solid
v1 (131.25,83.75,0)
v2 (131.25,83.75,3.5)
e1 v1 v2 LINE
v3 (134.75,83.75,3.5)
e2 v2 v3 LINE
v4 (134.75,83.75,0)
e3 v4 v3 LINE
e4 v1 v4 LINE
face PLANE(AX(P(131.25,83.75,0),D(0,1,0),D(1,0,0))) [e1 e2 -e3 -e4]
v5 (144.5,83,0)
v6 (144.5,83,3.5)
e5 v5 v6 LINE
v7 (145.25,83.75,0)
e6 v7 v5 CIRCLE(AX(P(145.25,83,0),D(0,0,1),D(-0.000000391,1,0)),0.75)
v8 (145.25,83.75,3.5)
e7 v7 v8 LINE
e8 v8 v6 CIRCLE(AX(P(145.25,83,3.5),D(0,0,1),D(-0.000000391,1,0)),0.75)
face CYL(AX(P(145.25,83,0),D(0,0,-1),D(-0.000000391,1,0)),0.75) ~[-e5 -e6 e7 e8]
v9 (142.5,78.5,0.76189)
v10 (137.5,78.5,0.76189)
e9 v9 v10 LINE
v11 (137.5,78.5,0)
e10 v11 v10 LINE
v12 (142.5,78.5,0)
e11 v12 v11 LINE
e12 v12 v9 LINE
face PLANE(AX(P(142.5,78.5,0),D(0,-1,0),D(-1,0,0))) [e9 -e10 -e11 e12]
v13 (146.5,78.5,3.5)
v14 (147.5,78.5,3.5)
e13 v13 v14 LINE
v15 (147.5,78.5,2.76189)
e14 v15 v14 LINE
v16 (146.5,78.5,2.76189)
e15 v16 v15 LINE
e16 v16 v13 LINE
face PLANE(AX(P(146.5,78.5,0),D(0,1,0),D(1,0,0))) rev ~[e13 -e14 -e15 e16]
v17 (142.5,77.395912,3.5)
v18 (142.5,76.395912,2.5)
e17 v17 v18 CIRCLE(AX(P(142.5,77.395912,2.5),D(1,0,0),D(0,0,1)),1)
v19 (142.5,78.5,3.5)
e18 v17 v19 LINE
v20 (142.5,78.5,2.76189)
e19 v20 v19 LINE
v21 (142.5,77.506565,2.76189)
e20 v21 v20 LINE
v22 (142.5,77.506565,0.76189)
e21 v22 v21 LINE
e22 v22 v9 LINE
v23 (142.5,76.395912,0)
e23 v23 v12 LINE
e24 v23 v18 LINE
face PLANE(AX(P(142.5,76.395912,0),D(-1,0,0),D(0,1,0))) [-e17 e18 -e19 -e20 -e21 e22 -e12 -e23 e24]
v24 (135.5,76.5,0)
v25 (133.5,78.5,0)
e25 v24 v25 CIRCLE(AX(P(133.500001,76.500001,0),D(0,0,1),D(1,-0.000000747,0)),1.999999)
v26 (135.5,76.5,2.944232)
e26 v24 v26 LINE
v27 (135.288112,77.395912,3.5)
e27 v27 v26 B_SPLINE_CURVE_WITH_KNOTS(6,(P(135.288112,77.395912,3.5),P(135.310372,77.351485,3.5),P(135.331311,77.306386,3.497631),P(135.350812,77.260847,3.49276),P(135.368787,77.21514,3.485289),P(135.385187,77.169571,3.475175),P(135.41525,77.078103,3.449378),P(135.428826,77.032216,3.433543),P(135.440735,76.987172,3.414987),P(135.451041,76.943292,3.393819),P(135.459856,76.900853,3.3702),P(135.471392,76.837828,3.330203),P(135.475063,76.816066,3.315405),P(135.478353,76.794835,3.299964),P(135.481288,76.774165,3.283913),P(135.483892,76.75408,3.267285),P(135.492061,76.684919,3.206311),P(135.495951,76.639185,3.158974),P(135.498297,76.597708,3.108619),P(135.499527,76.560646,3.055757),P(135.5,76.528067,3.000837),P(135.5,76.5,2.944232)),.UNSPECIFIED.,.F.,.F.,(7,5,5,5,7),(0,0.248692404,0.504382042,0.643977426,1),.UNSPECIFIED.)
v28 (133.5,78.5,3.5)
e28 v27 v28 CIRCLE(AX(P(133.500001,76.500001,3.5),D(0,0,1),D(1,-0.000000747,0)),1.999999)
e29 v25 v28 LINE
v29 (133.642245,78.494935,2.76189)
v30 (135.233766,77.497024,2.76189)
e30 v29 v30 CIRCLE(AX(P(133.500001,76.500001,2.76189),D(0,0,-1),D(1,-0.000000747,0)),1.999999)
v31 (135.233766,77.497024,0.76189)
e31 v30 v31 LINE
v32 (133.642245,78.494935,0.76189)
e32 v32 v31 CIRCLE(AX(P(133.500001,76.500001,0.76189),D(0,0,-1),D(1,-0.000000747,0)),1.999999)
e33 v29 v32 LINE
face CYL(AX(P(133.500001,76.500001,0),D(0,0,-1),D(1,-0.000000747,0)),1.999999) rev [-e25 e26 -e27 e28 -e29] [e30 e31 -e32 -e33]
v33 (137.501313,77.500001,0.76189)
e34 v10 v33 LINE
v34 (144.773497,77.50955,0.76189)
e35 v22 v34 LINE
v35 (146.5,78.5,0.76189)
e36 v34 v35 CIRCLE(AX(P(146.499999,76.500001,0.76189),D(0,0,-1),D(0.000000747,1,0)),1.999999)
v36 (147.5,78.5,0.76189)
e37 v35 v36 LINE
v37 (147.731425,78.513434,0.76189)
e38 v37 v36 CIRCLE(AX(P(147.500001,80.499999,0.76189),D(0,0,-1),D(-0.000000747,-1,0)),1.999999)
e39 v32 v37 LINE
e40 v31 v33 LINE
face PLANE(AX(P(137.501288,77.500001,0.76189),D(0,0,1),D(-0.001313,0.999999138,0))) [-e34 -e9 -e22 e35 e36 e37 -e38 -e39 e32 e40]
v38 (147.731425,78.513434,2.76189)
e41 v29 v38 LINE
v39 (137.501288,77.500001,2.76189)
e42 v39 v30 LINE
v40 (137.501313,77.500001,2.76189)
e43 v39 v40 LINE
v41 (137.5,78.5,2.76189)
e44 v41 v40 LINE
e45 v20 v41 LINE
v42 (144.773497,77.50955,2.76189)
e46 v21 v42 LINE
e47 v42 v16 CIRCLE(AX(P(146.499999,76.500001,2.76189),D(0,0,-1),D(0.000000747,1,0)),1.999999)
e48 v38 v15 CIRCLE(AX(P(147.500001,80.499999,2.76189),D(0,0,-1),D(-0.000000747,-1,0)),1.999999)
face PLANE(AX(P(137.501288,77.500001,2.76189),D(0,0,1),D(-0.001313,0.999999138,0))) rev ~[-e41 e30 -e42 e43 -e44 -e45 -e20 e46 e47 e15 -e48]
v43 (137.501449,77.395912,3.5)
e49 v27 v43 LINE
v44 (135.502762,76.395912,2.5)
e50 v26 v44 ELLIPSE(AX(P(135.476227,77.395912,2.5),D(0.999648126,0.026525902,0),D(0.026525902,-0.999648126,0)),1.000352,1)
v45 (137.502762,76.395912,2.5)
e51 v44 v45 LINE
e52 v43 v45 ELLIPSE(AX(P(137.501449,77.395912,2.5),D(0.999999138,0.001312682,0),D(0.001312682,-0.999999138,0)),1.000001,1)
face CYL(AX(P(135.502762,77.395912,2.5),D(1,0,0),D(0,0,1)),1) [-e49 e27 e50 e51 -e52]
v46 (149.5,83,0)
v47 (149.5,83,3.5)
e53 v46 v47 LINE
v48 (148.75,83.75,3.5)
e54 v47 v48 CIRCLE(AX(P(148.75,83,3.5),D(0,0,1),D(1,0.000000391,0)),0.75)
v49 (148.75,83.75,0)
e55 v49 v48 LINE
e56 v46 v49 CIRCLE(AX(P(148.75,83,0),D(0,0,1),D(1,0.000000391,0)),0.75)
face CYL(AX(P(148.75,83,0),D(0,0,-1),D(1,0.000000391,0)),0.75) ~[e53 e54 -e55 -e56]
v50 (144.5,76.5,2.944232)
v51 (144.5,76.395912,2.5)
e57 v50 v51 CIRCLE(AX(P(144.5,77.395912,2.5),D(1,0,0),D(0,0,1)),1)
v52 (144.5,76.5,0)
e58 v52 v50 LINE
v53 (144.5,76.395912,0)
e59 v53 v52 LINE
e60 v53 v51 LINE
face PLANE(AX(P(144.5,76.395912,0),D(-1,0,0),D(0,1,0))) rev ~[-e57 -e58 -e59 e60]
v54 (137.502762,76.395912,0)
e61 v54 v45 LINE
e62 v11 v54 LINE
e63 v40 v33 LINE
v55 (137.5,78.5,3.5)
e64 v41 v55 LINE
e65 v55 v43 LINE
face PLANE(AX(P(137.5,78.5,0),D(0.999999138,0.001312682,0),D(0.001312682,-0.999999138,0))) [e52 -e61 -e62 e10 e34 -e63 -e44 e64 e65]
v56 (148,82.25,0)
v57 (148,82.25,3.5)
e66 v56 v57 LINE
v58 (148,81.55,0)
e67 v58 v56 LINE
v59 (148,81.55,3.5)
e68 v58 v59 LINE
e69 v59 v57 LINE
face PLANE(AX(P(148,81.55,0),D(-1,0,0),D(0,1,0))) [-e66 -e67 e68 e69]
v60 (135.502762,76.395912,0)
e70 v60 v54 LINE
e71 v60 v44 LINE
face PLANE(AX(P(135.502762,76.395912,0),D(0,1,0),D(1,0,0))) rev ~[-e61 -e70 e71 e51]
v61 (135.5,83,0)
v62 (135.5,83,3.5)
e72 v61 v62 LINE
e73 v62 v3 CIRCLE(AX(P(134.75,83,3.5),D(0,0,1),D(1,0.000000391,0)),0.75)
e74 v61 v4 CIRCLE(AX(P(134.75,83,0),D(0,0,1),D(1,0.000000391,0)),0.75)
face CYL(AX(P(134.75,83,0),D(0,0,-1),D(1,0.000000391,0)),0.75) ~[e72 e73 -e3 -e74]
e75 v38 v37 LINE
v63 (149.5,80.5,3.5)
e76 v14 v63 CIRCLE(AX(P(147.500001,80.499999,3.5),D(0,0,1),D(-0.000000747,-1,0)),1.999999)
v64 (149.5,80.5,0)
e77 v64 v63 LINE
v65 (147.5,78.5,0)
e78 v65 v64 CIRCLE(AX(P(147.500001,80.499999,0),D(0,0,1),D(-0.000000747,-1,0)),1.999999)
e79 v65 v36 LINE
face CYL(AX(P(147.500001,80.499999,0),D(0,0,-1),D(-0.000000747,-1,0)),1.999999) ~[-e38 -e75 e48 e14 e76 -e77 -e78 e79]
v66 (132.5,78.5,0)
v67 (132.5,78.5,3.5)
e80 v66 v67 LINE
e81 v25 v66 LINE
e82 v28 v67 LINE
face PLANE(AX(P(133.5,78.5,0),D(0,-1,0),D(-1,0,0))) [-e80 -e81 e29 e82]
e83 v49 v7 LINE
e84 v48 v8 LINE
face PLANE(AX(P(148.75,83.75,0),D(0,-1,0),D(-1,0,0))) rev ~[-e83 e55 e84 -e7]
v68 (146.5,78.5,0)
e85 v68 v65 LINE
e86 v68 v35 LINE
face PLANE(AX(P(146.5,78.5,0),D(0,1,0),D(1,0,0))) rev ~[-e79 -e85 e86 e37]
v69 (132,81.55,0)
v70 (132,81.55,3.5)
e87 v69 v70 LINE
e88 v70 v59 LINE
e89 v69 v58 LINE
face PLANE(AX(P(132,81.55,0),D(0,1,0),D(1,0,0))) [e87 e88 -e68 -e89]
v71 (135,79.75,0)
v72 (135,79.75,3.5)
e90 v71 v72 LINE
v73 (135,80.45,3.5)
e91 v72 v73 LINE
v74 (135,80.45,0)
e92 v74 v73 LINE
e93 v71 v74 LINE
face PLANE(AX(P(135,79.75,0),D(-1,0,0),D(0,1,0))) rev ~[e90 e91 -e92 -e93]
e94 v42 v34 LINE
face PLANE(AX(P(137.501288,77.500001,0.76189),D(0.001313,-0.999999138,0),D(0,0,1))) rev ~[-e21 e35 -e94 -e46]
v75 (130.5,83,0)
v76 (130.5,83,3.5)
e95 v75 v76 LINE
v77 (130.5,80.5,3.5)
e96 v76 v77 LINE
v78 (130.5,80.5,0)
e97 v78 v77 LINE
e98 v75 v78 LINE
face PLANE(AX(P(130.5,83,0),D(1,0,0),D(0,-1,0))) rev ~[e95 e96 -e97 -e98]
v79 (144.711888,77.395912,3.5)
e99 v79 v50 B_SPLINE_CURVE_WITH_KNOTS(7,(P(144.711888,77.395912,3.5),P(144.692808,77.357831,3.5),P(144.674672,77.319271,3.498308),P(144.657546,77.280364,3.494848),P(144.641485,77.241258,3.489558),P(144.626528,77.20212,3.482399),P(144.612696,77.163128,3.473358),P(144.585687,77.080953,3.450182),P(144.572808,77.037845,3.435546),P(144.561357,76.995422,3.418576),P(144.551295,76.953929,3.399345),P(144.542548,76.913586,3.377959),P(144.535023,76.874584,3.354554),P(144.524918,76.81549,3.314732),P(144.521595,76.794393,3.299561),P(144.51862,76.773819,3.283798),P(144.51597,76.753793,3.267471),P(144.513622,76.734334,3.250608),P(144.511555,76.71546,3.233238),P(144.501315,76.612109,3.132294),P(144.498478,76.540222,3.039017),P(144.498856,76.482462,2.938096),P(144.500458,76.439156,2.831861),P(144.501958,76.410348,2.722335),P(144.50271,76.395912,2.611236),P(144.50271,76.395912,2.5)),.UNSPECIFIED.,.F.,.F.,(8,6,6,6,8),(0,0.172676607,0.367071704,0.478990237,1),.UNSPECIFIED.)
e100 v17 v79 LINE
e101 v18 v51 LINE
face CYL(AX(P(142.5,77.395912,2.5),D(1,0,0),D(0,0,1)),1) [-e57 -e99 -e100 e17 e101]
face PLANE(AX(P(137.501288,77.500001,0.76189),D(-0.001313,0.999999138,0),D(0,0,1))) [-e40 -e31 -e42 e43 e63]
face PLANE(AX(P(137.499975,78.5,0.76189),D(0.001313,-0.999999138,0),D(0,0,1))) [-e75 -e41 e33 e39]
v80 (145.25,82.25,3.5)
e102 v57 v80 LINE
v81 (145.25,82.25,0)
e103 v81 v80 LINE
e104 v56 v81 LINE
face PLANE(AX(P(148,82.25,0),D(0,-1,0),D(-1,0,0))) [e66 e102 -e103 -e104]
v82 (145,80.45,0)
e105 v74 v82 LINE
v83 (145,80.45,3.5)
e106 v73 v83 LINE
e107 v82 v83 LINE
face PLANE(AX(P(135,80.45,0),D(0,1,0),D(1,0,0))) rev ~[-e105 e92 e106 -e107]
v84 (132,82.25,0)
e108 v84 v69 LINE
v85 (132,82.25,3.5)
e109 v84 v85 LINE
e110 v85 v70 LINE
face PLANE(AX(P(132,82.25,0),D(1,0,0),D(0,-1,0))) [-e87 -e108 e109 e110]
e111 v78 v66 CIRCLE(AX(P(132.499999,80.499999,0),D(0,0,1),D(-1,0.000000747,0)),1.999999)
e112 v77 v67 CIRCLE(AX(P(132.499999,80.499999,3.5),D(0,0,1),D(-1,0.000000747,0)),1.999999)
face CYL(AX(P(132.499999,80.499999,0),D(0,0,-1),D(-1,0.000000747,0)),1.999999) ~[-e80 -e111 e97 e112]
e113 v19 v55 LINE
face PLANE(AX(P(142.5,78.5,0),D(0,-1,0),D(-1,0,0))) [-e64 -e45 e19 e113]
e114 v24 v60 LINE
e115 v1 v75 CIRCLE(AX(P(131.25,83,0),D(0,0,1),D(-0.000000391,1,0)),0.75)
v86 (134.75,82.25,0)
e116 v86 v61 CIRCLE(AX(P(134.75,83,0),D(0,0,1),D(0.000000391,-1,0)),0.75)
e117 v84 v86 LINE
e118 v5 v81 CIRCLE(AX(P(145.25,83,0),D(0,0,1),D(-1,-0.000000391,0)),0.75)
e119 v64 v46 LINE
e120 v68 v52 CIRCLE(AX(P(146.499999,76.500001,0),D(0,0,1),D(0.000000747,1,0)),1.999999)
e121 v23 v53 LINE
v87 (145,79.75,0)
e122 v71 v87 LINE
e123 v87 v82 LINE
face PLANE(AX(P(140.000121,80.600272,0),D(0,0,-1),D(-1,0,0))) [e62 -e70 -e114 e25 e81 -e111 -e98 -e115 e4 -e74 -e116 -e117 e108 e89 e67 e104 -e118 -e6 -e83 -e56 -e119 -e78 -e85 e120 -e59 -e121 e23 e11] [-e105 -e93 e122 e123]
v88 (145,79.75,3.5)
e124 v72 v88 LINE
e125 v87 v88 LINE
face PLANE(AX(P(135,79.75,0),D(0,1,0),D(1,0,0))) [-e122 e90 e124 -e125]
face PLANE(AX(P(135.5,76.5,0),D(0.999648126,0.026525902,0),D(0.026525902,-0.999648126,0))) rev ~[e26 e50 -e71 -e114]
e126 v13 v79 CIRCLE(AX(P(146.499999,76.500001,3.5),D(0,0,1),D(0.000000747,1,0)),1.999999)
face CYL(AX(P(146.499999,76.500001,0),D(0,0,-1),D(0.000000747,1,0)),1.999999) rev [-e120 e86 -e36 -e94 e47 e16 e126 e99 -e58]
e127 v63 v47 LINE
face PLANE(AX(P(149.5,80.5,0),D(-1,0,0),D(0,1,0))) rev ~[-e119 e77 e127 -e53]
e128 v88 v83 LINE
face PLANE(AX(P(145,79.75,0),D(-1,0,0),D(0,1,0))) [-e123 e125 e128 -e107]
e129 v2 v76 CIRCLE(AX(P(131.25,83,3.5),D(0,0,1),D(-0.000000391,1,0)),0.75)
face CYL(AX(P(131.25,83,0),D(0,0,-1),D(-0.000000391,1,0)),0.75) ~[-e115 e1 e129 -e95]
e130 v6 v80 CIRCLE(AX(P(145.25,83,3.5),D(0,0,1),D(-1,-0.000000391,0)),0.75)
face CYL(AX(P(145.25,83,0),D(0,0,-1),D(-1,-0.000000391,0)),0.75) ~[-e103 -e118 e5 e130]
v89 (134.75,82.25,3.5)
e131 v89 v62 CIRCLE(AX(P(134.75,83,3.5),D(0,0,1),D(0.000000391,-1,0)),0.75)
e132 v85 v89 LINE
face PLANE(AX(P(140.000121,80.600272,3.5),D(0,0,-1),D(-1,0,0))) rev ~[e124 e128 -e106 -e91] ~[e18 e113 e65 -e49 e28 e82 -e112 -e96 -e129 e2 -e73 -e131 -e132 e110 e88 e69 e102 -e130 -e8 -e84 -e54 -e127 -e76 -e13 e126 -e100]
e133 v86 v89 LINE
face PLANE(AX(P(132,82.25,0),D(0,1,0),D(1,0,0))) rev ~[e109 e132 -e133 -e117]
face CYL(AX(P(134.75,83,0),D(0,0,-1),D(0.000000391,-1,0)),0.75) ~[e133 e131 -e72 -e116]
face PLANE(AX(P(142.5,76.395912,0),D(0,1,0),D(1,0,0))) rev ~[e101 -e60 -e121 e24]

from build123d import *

# Parameters (mm, degrees)
SKETCH_W          = 10
SKETCH_H          = 0.7
PAD_DEPTH         = 3.5
SKETCH001_W       = 1
SKETCH001_H       = 2
POCKET_DEPTH      = 7.003756
POCKET_DEPTH_BACK = 12.007881
FILLET_R          = 1


with BuildPart() as part:
    # Sketch → Pad (new body)
    with BuildSketch(Plane.XY):
        with BuildLine():
            Line((148, 81.55), (148, 82.25))
            Line((148, 82.25), (145.25, 82.25))
            ThreePointArc((144.5, 83), (144.71967, 82.46967), (145.25, 82.25))
            ThreePointArc((145.25, 83.75), (144.71967, 83.53033), (144.5, 83))
            Line((148.75, 83.75), (145.25, 83.75))
            ThreePointArc((149.5, 83), (149.28033, 83.53033), (148.75, 83.75))
            Line((149.5, 80.5), (149.5, 83))
            ThreePointArc((147.5, 78.5), (148.914214, 79.085786), (149.5, 80.5))
            Line((146.5, 78.5), (147.5, 78.5))
            ThreePointArc((146.5, 78.5), (145.085786, 77.914214), (144.5, 76.5))
            Line((144.5, 76.395912), (144.5, 76.5))
            Line((142.5, 76.395912), (144.5, 76.395912))
            Line((142.5, 76.395912), (142.5, 78.5))
            Line((142.5, 78.5), (137.5, 78.5))
            Line((137.5, 78.5), (137.502762, 76.395912))
            Line((135.502762, 76.395912), (137.502762, 76.395912))
            Line((135.5, 76.5), (135.502762, 76.395912))
            ThreePointArc((135.5, 76.5), (134.914214, 77.914214), (133.5, 78.5))
            Line((133.5, 78.5), (132.5, 78.5))
            ThreePointArc((130.5, 80.5), (131.085786, 79.085786), (132.5, 78.5))
            Line((130.5, 83), (130.5, 80.5))
            ThreePointArc((131.25, 83.75), (130.71967, 83.53033), (130.5, 83))
            Line((131.25, 83.75), (134.75, 83.75))
            ThreePointArc((135.5, 83), (135.28033, 83.53033), (134.75, 83.75))
            ThreePointArc((134.75, 82.25), (135.28033, 82.46967), (135.5, 83))
            Line((132, 82.25), (134.75, 82.25))
            Line((132, 82.25), (132, 81.55))
            Line((132, 81.55), (148, 81.55))
        make_face()
        with Locations((140, 80.1)):
            Rectangle(SKETCH_W, SKETCH_H, mode=Mode.SUBTRACT)
    extrude(amount=PAD_DEPTH)

    # Sketch001 (on DatumPlane) → Pocket (cut, two sides)
    with BuildSketch(Plane(origin=(137.602808, 0.180629, 0), x_dir=(-0.001313, 0.999999, 0), z_dir=(0.999999, 0.001313, 0))) as pocket_sk:
        with Locations((77.819439, 1.76189)):
            Rectangle(SKETCH001_W, SKETCH001_H)
    extrude(amount=-POCKET_DEPTH, mode=Mode.SUBTRACT)
    extrude(pocket_sk.sketch, amount=POCKET_DEPTH_BACK, mode=Mode.SUBTRACT)

    # Fillet
    fillet_edges = [part.edges().sort_by_distance(p)[0] for p in [
        (143.5, 76.395912, 3.5),
        (136.502762, 76.395912, 3.5),
    ]]
    fillet(fillet_edges, radius=FILLET_R)


solid = part.part
